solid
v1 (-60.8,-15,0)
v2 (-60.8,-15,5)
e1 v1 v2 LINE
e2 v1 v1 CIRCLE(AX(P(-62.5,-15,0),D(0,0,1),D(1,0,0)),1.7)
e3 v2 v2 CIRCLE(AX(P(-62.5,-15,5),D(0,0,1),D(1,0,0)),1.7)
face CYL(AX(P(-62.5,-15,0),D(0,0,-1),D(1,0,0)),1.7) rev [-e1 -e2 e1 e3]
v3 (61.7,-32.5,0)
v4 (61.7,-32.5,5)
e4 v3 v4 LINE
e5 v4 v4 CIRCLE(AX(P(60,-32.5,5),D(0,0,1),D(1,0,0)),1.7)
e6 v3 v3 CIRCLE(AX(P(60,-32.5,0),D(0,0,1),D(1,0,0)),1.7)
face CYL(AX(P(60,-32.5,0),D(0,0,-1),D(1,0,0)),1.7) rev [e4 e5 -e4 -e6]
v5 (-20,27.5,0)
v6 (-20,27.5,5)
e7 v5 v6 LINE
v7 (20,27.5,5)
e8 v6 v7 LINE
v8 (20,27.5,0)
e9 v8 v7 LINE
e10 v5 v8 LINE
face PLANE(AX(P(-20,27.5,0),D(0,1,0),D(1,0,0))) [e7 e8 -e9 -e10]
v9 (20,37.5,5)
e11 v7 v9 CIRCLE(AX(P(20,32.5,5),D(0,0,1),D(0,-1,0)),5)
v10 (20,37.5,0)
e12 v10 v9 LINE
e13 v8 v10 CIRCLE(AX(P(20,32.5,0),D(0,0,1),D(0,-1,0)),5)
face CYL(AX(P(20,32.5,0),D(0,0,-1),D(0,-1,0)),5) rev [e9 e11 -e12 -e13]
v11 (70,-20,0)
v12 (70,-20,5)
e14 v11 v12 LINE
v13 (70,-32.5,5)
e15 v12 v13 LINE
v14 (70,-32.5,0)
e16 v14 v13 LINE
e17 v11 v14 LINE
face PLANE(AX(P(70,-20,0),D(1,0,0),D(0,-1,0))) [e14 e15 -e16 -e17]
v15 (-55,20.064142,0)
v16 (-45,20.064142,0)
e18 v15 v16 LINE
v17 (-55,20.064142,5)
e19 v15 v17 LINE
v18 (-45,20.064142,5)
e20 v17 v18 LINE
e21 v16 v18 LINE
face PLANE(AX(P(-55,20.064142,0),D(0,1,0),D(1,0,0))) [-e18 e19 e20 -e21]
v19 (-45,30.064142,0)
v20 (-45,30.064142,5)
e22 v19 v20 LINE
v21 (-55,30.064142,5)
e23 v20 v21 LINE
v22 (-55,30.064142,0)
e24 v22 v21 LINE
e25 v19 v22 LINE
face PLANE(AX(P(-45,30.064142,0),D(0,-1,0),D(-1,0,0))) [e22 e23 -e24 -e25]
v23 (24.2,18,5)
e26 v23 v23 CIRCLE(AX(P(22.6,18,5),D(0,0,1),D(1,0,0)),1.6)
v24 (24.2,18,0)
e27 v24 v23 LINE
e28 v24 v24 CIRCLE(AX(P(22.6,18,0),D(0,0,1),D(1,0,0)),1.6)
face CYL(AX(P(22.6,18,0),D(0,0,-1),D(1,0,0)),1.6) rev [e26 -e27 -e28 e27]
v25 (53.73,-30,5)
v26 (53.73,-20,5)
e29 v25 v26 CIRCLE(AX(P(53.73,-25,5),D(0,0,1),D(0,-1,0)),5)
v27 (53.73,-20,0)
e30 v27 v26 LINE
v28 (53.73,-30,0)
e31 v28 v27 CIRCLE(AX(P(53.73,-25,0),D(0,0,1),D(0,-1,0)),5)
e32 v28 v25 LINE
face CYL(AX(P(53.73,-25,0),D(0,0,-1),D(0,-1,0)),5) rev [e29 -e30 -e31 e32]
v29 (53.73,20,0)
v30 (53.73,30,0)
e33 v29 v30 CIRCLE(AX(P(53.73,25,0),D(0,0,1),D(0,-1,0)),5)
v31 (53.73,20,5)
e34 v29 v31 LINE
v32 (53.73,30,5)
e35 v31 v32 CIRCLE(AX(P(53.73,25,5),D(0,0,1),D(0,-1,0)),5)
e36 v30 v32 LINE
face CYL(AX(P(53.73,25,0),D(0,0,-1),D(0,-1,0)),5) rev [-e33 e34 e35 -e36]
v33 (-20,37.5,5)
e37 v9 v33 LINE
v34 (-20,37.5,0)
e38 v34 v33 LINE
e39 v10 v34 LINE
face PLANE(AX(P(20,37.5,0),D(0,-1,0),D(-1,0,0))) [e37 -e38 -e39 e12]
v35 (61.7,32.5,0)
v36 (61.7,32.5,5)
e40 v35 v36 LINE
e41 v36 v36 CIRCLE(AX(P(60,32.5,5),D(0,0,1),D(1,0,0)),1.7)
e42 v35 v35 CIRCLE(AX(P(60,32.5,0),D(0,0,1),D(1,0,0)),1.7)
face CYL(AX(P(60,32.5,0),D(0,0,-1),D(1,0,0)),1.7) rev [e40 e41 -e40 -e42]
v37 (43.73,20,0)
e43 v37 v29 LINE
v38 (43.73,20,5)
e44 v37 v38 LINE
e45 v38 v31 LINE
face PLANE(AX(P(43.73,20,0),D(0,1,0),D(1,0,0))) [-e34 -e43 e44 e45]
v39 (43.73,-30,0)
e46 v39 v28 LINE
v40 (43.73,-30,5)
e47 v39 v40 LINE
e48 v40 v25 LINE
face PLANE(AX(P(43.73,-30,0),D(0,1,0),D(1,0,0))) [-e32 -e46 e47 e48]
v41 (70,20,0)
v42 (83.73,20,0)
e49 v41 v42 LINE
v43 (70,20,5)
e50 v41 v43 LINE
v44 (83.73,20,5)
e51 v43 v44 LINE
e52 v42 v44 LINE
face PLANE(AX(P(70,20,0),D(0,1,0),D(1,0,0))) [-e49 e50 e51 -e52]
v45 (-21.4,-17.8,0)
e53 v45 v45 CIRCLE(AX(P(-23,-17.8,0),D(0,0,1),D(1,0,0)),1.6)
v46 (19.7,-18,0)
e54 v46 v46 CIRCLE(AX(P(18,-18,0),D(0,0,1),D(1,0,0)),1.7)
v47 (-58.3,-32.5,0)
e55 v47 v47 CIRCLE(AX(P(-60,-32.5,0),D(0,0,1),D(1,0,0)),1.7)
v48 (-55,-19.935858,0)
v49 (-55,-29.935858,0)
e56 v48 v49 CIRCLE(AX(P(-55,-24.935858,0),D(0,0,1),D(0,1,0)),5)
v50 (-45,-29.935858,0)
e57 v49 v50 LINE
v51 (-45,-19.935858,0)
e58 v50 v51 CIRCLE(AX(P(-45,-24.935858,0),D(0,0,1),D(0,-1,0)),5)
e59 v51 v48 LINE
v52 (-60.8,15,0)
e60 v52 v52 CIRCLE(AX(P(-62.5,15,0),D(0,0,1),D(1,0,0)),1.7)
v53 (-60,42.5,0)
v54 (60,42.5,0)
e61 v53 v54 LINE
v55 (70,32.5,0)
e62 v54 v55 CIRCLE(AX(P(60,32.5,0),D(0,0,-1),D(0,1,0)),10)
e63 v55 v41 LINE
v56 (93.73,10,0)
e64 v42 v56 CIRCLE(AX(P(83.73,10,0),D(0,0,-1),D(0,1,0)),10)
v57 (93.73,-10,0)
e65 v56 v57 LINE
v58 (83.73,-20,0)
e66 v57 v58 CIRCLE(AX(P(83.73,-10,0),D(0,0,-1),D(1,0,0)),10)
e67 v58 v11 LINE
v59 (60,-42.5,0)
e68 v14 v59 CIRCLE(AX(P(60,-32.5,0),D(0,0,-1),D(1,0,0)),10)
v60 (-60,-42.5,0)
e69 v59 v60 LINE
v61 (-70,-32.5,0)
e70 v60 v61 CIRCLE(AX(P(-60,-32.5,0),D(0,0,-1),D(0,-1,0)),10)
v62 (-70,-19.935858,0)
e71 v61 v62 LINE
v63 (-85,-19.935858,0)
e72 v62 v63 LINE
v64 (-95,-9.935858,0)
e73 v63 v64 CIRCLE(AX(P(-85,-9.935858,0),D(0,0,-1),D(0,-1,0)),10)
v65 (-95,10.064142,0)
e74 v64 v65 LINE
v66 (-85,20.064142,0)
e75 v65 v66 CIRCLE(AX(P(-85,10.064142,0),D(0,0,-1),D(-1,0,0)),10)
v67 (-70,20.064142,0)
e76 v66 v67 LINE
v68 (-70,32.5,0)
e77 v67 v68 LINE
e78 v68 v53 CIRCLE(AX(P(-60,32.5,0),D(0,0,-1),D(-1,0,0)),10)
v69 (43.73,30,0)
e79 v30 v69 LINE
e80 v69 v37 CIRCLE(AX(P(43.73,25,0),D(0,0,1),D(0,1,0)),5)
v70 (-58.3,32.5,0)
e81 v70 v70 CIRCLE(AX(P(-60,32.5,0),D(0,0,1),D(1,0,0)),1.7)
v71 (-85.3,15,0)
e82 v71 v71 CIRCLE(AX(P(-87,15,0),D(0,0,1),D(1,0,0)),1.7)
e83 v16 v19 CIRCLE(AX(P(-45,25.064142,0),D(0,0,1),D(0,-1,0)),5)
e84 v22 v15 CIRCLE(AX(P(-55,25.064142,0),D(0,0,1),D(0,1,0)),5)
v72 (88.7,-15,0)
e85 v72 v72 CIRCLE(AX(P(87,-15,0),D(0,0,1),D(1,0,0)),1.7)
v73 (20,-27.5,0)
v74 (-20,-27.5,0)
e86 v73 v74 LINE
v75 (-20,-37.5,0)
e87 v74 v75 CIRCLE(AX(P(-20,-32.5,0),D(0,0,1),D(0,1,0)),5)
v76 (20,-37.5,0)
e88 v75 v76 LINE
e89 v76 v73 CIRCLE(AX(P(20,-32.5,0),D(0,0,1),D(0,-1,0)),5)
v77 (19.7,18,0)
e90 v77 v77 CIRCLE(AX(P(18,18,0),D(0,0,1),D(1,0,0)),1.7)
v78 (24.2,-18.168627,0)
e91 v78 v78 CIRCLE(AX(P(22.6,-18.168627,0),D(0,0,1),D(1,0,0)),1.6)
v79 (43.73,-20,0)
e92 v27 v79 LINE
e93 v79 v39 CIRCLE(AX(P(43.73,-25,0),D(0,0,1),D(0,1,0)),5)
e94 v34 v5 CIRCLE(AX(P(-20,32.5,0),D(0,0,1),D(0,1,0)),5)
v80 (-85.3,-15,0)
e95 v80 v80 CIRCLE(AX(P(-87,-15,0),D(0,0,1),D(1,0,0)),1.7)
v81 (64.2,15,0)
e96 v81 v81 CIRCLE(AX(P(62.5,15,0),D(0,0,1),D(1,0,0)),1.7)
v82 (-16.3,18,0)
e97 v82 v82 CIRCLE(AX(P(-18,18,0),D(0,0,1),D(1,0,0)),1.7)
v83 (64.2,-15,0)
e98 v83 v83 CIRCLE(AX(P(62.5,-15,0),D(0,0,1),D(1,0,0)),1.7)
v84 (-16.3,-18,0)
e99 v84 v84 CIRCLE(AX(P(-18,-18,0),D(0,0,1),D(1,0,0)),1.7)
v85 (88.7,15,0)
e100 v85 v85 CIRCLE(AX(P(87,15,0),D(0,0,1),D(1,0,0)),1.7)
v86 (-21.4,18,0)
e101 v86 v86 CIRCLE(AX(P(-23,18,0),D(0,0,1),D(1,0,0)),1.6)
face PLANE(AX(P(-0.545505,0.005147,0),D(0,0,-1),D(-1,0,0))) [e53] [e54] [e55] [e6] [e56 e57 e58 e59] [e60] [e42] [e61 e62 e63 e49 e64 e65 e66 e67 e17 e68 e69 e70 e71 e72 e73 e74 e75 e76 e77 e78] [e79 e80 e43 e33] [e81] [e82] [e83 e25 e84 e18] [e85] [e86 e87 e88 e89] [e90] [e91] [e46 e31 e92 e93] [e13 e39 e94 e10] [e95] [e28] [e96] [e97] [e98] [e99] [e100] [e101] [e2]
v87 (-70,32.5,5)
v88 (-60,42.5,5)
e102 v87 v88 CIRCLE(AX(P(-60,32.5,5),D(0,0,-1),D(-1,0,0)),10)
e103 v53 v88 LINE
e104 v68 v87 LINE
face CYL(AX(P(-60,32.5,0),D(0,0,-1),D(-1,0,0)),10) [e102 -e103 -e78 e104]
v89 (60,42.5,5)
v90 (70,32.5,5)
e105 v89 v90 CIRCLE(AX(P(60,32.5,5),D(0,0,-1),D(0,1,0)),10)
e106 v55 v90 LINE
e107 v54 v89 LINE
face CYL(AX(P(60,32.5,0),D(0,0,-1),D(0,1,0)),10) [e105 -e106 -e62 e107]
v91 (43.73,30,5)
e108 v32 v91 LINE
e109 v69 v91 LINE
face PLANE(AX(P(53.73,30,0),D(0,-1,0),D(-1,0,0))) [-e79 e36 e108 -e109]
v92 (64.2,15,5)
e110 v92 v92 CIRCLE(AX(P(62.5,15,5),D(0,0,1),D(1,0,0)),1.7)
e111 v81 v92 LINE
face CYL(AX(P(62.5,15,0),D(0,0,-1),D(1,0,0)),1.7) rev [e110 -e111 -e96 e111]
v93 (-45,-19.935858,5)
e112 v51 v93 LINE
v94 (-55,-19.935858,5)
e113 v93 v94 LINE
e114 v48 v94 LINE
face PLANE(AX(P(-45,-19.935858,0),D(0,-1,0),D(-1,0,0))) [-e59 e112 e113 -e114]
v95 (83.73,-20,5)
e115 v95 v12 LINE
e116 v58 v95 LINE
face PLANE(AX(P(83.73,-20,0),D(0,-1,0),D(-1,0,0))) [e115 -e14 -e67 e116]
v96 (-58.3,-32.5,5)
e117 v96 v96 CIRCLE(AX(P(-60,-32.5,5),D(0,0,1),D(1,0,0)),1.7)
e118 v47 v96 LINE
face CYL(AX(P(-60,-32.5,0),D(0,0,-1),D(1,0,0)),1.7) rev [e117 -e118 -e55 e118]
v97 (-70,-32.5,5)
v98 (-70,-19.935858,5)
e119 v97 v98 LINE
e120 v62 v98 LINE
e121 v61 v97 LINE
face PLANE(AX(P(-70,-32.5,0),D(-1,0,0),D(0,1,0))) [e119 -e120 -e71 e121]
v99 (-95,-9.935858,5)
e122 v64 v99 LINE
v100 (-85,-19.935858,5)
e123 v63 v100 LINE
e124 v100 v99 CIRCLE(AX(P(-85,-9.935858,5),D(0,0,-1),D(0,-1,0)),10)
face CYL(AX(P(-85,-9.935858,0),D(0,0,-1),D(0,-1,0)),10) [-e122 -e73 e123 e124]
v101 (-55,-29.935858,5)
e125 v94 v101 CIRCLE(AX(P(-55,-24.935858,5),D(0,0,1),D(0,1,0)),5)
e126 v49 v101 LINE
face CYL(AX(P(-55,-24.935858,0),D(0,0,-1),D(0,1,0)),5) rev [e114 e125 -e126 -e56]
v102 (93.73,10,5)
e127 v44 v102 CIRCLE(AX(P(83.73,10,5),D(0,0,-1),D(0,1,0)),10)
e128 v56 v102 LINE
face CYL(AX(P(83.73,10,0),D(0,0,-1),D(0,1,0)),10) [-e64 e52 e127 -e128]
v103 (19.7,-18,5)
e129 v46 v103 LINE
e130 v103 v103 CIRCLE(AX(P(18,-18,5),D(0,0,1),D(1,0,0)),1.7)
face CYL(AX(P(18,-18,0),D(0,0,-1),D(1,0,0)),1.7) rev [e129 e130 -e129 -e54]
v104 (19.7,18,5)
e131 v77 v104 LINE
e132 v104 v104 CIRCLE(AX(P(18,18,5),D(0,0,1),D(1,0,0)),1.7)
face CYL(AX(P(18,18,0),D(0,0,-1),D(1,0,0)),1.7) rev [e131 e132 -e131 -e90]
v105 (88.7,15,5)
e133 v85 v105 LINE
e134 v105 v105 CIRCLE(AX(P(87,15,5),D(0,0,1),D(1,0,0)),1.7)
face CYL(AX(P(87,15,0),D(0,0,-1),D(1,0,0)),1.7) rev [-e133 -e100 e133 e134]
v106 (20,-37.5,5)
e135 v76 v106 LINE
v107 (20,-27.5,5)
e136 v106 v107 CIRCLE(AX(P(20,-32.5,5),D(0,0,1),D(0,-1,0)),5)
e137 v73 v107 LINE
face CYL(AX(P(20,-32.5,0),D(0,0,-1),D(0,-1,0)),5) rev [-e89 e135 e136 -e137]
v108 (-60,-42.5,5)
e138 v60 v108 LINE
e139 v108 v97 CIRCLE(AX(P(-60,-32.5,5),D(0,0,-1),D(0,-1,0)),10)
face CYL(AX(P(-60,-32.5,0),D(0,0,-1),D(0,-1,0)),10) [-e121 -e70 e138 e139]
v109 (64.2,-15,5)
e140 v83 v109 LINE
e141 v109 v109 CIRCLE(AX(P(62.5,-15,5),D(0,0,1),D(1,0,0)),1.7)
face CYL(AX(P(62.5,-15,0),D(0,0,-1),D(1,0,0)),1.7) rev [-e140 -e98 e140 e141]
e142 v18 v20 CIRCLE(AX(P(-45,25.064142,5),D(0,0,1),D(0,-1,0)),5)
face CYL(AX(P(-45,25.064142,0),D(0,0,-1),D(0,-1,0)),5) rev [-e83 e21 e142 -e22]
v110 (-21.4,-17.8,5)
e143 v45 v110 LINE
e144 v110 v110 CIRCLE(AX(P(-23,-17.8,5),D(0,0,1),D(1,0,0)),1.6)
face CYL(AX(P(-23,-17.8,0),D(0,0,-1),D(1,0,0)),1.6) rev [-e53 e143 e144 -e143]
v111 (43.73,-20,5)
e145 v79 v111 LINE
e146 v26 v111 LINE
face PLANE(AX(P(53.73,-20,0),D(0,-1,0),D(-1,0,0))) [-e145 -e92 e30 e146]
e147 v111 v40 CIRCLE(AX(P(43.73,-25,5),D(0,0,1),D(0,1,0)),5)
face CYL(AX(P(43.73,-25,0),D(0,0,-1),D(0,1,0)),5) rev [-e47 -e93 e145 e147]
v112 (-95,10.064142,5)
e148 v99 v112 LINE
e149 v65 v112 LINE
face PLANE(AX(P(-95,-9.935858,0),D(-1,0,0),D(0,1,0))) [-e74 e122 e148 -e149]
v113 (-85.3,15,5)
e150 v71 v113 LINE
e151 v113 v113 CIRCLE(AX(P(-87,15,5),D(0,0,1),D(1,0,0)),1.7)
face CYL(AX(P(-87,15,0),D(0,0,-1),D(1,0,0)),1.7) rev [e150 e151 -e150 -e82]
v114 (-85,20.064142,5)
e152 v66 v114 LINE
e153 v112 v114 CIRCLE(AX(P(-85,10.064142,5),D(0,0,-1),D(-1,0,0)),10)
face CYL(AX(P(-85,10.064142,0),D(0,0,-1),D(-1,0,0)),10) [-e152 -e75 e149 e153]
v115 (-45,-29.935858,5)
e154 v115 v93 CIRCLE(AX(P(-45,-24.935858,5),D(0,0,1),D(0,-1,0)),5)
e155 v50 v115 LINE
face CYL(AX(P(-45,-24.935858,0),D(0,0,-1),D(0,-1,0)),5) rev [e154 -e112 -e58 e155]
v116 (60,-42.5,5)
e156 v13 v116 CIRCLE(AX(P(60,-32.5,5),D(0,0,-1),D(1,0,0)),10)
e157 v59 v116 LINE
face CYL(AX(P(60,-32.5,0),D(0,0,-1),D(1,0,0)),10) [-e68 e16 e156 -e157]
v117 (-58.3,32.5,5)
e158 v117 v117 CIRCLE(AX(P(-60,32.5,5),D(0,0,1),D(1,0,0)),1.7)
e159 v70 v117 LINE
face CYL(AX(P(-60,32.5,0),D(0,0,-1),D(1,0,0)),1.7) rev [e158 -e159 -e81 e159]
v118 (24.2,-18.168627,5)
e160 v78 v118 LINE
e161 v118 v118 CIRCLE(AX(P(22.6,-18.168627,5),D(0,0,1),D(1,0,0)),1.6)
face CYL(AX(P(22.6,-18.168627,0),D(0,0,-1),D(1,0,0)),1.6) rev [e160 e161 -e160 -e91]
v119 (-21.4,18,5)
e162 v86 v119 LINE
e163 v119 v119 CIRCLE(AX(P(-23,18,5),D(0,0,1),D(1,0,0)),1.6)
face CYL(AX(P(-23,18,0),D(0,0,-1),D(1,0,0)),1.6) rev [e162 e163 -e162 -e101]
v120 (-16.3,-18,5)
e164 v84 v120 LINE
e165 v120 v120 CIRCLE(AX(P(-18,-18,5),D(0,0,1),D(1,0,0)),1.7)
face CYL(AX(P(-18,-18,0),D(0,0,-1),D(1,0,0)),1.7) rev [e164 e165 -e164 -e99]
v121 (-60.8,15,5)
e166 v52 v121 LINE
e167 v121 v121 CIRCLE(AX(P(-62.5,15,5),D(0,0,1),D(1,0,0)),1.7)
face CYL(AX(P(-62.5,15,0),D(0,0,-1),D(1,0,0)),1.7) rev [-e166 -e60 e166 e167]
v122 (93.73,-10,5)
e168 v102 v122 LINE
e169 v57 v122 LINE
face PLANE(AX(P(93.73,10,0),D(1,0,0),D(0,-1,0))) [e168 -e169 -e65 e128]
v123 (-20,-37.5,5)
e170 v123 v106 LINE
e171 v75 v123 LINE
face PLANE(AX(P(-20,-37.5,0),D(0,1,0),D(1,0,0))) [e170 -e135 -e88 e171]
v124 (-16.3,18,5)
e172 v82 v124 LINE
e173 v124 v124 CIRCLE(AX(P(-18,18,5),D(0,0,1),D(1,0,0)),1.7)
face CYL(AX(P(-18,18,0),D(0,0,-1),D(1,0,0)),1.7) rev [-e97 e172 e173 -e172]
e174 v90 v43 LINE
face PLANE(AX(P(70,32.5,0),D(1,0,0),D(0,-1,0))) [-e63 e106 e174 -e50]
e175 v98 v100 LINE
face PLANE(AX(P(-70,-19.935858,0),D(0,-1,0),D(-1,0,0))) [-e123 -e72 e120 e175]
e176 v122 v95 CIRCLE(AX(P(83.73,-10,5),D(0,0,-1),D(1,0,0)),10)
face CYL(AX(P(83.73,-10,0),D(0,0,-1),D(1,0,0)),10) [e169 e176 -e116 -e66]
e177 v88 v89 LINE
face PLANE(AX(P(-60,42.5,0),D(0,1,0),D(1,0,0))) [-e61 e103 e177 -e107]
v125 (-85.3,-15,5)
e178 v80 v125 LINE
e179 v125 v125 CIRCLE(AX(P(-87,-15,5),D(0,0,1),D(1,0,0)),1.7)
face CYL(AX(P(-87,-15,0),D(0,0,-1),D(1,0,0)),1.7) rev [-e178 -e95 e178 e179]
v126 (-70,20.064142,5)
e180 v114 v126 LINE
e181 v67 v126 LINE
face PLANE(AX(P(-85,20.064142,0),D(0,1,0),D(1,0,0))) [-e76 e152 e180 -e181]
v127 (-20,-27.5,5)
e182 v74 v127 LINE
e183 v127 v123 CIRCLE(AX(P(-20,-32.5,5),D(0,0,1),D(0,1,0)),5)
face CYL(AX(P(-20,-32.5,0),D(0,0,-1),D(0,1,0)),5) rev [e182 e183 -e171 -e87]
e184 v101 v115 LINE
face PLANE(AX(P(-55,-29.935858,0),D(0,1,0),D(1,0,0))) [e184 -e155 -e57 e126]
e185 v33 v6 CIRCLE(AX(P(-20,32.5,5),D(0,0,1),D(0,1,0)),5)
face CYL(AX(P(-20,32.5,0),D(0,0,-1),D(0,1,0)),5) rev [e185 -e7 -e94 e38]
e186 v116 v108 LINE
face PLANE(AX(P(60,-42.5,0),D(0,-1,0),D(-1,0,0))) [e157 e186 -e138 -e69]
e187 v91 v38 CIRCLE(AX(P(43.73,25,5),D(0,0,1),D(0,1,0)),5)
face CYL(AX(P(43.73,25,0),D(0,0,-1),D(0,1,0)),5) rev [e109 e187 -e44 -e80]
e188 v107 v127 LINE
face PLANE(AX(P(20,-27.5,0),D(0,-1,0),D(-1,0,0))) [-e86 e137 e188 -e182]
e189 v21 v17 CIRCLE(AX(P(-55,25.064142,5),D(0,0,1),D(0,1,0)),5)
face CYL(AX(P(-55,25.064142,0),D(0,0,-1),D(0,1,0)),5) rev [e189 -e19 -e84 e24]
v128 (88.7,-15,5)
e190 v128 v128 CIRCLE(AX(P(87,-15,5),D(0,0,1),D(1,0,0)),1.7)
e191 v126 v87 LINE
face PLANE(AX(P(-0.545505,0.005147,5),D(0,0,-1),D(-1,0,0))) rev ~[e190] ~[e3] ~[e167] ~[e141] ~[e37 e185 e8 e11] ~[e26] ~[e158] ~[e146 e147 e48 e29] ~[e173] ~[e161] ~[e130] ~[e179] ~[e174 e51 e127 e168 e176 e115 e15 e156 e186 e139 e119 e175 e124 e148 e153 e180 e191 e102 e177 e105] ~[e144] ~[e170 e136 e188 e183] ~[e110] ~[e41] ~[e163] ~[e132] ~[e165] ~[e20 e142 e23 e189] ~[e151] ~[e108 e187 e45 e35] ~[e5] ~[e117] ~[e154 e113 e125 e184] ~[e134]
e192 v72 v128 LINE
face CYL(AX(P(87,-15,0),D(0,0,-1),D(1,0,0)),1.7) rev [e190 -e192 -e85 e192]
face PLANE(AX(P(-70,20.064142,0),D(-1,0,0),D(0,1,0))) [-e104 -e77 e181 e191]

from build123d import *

# Parameters (mm, degrees)
SKETCH1_R           = 1.7
BOSS_EXTRUDE1_DEPTH = 5
CUT_EXTRUDE4_DEPTH  = 5
SKETCH3_R           = 1.6
SKETCH3_R_2         = 1.7
CUT_EXTRUDE7_DEPTH  = 5


with BuildPart() as part:
    # Sketch1 → Boss-Extrude1 (new body)
    with BuildSketch(Plane.XY):
        with BuildLine():
            Line((-60, 42.5), (60, 42.5))
            ThreePointArc((60, 42.5), (67.071067812, 39.571067812), (70, 32.5))
            Line((70, 32.5), (70, 20))
            Line((70, 20), (83.73, 20))
            ThreePointArc((83.73, 20), (90.801067812, 17.071067812), (93.73, 10))
            Line((93.73, 10), (93.73, -10))
            ThreePointArc((93.73, -10), (90.801067812, -17.071067812), (83.73, -20))
            Line((83.73, -20), (70, -20))
            Line((70, -20), (70, -32.5))
            ThreePointArc((70, -32.5), (67.071067812, -39.571067812), (60, -42.5))
            Line((60, -42.5), (-60, -42.5))
            ThreePointArc((-60, -42.5), (-67.071067812, -39.571067812), (-70, -32.5))
            Line((-70, -32.5), (-70, -19.935858434))
            Line((-70, -19.935858434), (-85, -19.935858434))
            ThreePointArc((-85, -19.935858434), (-92.071067812, -17.006926246), (-95, -9.935858434))
            Line((-95, -9.935858434), (-95, 10.064141566))
            ThreePointArc((-95, 10.064141566), (-92.071067812, 17.135209378), (-85, 20.064141566))
            Line((-85, 20.064141566), (-70, 20.064141566))
            Line((-70, 20.064141566), (-70, 32.5))
            ThreePointArc((-70, 32.5), (-67.071067812, 39.571067812), (-60, 42.5))
        make_face()
        with Locations((-87, 15)):
            Circle(SKETCH1_R, mode=Mode.SUBTRACT)
        with Locations((-62.5, 15)):
            Circle(SKETCH1_R, mode=Mode.SUBTRACT)
        with Locations((-62.5, -15)):
            Circle(SKETCH1_R, mode=Mode.SUBTRACT)
        with Locations((-87, -15)):
            Circle(SKETCH1_R, mode=Mode.SUBTRACT)
        with Locations((62.5, 15)):
            Circle(SKETCH1_R, mode=Mode.SUBTRACT)
        with Locations((62.5, -15)):
            Circle(SKETCH1_R, mode=Mode.SUBTRACT)
        with Locations((87, -15)):
            Circle(SKETCH1_R, mode=Mode.SUBTRACT)
        with Locations((87, 15)):
            Circle(SKETCH1_R, mode=Mode.SUBTRACT)
        with Locations((-60, 32.5)):
            Circle(SKETCH1_R, mode=Mode.SUBTRACT)
        with Locations((60, 32.5)):
            Circle(SKETCH1_R, mode=Mode.SUBTRACT)
        with Locations((60, -32.5)):
            Circle(SKETCH1_R, mode=Mode.SUBTRACT)
        with Locations((-60, -32.5)):
            Circle(SKETCH1_R, mode=Mode.SUBTRACT)
    extrude(amount=BOSS_EXTRUDE1_DEPTH)

    # Sketch2 → Cut-Extrude4 (cut)
    with BuildSketch(Plane.XY):
        with BuildLine():
            Line((20, 37.5), (-20, 37.5))
            ThreePointArc((-20, 37.5), (-25, 32.5), (-20, 27.5))
            Line((-20, 27.5), (20, 27.5))
            ThreePointArc((20, 27.5), (25, 32.5), (20, 37.5))
        make_face()
        with BuildLine():
            Line((20, -27.5), (-20, -27.5))
            ThreePointArc((-20, -27.5), (-25, -32.5), (-20, -37.5))
            Line((-20, -37.5), (20, -37.5))
            ThreePointArc((20, -37.5), (25, -32.5), (20, -27.5))
        make_face()
        with BuildLine():
            Line((-45, 30.064141566), (-55, 30.064141566))
            ThreePointArc((-55, 30.064141566), (-60, 25.064141566), (-55, 20.064141566))
            Line((-55, 20.064141566), (-45, 20.064141566))
            ThreePointArc((-45, 20.064141566), (-40, 25.064141566), (-45, 30.064141566))
        make_face()
        with BuildLine():
            Line((-45, -19.935858434), (-55, -19.935858434))
            ThreePointArc((-55, -19.935858434), (-60, -24.935858434), (-55, -29.935858434))
            Line((-55, -29.935858434), (-45, -29.935858434))
            ThreePointArc((-45, -29.935858434), (-40, -24.935858434), (-45, -19.935858434))
        make_face()
        with BuildLine():
            Line((53.73, 30), (43.73, 30))
            ThreePointArc((43.73, 30), (38.73, 25), (43.73, 20))
            Line((43.73, 20), (53.73, 20))
            ThreePointArc((53.73, 20), (58.73, 25), (53.73, 30))
        make_face()
        with BuildLine():
            Line((53.73, -20), (43.73, -20))
            ThreePointArc((43.73, -20), (38.73, -25), (43.73, -30))
            Line((43.73, -30), (53.73, -30))
            ThreePointArc((53.73, -30), (58.73, -25), (53.73, -20))
        make_face()
    extrude(amount=CUT_EXTRUDE4_DEPTH, mode=Mode.SUBTRACT)

    # Sketch3 → Cut-Extrude7 (cut)
    with BuildSketch(Plane.XY):
        with Locations((-23, -17.8)):
            Circle(SKETCH3_R)
        with Locations((-23, 18)):
            Circle(SKETCH3_R)
        with Locations((22.6, -18.168627451)):
            Circle(SKETCH3_R)
        with Locations((22.6, 18)):
            Circle(SKETCH3_R)
        with Locations((-18, 18)):
            Circle(SKETCH3_R_2)
        with Locations((18, -18)):
            Circle(SKETCH3_R_2)
        with Locations((-18, -18)):
            Circle(SKETCH3_R_2)
        with Locations((18, 18)):
            Circle(SKETCH3_R_2)
    extrude(amount=CUT_EXTRUDE7_DEPTH, mode=Mode.SUBTRACT)


solid = part.part
